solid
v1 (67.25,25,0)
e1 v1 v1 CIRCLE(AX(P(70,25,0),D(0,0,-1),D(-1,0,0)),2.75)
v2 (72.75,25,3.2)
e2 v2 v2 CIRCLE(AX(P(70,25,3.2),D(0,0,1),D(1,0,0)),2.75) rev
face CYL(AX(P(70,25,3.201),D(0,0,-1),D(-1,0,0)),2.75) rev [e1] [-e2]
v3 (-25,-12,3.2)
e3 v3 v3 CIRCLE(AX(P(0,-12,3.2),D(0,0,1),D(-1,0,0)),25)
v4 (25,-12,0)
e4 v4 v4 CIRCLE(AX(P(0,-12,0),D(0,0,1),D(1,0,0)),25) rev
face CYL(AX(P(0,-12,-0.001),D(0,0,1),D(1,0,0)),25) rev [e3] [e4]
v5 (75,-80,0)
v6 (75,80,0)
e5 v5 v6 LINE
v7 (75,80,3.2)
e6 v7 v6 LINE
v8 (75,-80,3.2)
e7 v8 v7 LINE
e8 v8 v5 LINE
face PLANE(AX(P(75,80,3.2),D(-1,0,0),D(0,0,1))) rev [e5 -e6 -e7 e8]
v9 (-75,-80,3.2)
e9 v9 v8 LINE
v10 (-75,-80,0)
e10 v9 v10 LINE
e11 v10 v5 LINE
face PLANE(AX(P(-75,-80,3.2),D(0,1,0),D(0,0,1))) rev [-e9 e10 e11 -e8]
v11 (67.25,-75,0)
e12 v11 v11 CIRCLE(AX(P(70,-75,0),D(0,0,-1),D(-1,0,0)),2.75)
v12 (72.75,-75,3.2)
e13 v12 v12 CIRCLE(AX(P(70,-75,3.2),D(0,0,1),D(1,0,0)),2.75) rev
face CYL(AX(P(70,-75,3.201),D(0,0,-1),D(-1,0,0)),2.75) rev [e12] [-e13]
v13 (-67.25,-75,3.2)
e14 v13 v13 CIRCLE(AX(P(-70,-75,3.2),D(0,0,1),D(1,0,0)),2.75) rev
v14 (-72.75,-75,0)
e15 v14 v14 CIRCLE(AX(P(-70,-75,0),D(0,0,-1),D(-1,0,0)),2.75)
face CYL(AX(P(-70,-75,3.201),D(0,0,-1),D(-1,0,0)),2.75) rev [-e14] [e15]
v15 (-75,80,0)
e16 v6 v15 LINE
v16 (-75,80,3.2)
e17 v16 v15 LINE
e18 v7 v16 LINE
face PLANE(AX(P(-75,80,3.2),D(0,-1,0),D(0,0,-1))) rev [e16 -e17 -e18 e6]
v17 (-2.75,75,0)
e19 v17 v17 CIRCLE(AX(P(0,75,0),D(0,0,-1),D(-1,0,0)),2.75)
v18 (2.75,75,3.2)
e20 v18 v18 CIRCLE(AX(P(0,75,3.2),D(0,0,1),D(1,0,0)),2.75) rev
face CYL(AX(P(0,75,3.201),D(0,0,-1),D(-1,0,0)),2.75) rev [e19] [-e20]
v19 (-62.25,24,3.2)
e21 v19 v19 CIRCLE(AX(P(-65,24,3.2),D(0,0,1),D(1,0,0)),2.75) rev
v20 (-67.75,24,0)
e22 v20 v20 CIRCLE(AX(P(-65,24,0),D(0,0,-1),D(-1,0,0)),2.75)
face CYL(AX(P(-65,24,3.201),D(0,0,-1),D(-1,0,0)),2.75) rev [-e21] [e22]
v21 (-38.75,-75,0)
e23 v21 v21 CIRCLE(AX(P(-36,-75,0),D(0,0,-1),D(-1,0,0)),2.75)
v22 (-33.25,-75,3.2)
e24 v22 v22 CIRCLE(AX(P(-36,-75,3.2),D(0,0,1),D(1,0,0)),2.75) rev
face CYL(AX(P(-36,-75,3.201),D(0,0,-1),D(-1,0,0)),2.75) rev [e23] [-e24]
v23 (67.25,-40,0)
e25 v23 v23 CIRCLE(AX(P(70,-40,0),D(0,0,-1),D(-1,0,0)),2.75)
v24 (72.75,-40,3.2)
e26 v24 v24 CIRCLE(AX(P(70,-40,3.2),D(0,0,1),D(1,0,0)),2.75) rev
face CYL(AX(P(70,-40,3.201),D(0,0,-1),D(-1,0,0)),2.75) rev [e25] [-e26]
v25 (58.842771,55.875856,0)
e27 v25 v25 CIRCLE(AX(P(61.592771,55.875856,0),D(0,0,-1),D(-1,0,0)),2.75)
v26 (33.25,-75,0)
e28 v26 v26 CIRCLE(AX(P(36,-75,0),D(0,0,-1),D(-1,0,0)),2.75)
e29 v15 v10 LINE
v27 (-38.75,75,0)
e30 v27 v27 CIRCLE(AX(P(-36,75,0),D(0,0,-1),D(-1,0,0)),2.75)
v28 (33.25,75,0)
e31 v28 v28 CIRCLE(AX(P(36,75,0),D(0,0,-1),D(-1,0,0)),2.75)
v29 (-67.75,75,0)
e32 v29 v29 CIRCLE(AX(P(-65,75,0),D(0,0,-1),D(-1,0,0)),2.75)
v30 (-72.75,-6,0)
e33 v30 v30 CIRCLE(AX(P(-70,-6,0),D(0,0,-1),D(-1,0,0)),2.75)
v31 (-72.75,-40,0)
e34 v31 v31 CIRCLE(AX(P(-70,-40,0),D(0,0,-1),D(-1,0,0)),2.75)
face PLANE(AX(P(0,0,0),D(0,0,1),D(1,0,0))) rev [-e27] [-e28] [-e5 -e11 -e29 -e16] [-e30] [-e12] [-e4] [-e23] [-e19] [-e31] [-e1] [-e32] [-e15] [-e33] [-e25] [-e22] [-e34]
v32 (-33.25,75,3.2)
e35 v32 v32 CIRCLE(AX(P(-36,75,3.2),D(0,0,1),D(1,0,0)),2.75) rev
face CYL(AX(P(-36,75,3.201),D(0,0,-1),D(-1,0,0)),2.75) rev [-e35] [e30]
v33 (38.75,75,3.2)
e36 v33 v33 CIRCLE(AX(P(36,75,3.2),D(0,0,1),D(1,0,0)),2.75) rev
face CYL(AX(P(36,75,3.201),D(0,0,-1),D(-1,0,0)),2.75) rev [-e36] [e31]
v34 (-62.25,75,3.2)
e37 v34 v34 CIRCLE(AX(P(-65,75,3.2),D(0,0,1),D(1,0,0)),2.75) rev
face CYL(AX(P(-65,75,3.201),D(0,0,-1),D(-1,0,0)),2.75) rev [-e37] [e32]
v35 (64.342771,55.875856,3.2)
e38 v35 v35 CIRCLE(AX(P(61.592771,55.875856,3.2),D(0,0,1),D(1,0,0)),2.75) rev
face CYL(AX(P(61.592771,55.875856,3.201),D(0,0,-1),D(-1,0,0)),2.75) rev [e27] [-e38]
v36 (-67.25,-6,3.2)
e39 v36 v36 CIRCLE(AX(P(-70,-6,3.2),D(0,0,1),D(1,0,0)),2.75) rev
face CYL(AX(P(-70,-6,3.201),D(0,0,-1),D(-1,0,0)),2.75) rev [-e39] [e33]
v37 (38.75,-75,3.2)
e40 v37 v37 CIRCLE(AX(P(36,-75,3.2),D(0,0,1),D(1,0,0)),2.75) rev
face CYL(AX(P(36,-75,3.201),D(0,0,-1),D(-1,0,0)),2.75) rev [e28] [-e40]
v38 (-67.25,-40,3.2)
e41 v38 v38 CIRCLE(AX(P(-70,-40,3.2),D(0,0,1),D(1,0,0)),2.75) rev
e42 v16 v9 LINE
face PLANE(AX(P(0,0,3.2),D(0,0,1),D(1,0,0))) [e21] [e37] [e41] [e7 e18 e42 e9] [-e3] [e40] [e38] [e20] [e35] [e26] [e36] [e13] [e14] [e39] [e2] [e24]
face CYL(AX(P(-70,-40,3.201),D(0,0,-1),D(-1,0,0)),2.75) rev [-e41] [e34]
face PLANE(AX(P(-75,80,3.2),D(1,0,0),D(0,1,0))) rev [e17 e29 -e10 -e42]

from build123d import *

# Parameters (mm, degrees)
SKETCH1_W           = 150
SKETCH1_H           = 160
BOSS_EXTRUDE1_DEPTH = 3.2
CUT_EXTRUDE1_REACH  = 5.2
SKETCH2_R           = 25
CUT_EXTRUDE2_REACH  = 5.2
SKETCH3_R           = 2.75


with BuildPart() as part:
    # Sketch1 → Boss-Extrude1 (new body)
    with BuildSketch(Plane.XY):
        Rectangle(SKETCH1_W, SKETCH1_H)
    extrude(amount=BOSS_EXTRUDE1_DEPTH)

    # Sketch2 → Cut-Extrude1 (cut, up to next)
    with BuildSketch(Plane.XY.offset(3.2), mode=Mode.PRIVATE) as cut_extrude1_sk1:
        with Locations((0, -12)):
            Circle(SKETCH2_R)
    cut_extrude1_tool1 = extrude(cut_extrude1_sk1.sketch, amount=-CUT_EXTRUDE1_REACH, mode=Mode.PRIVATE) & part.part
    add(cut_extrude1_tool1.solids().sort_by_distance((0, -12, 3.2))[0], mode=Mode.SUBTRACT)

    # Sketch3 → Cut-Extrude2 (cut, up to next)
    with BuildSketch(Plane(origin=(0, 0, 0), x_dir=(-1, 0, 0), z_dir=(0, 0, -1)), mode=Mode.PRIVATE) as cut_extrude2_sk1:
        with Locations((65, 24)):
            Circle(SKETCH3_R)
    cut_extrude2_tool1 = extrude(cut_extrude2_sk1.sketch, amount=-CUT_EXTRUDE2_REACH, mode=Mode.PRIVATE) & part.part
    add(cut_extrude2_tool1.solids().sort_by_distance((-65, 24, 0))[0], mode=Mode.SUBTRACT)
    # Sketch3 → Cut-Extrude2 (cut, up to next)
    with BuildSketch(Plane(origin=(0, 0, 0), x_dir=(-1, 0, 0), z_dir=(0, 0, -1)), mode=Mode.PRIVATE) as cut_extrude2_sk2:
        with Locations((-70, -75)):
            Circle(SKETCH3_R)
    cut_extrude2_tool2 = extrude(cut_extrude2_sk2.sketch, amount=-CUT_EXTRUDE2_REACH, mode=Mode.PRIVATE) & part.part
    add(cut_extrude2_tool2.solids().sort_by_distance((70, -75, 0))[0], mode=Mode.SUBTRACT)
    # Sketch3 → Cut-Extrude2 (cut, up to next)
    with BuildSketch(Plane(origin=(0, 0, 0), x_dir=(-1, 0, 0), z_dir=(0, 0, -1)), mode=Mode.PRIVATE) as cut_extrude2_sk3:
        with Locations((36, -75)):
            Circle(SKETCH3_R)
    cut_extrude2_tool3 = extrude(cut_extrude2_sk3.sketch, amount=-CUT_EXTRUDE2_REACH, mode=Mode.PRIVATE) & part.part
    add(cut_extrude2_tool3.solids().sort_by_distance((-36, -75, 0))[0], mode=Mode.SUBTRACT)
    # Sketch3 → Cut-Extrude2 (cut, up to next)
    with BuildSketch(Plane(origin=(0, 0, 0), x_dir=(-1, 0, 0), z_dir=(0, 0, -1)), mode=Mode.PRIVATE) as cut_extrude2_sk4:
        with Locations((-36, -75)):
            Circle(SKETCH3_R)
    cut_extrude2_tool4 = extrude(cut_extrude2_sk4.sketch, amount=-CUT_EXTRUDE2_REACH, mode=Mode.PRIVATE) & part.part
    add(cut_extrude2_tool4.solids().sort_by_distance((36, -75, 0))[0], mode=Mode.SUBTRACT)
    # Sketch3 → Cut-Extrude2 (cut, up to next)
    with BuildSketch(Plane(origin=(0, 0, 0), x_dir=(-1, 0, 0), z_dir=(0, 0, -1)), mode=Mode.PRIVATE) as cut_extrude2_sk5:
        with Locations((70, -75)):
            Circle(SKETCH3_R)
    cut_extrude2_tool5 = extrude(cut_extrude2_sk5.sketch, amount=-CUT_EXTRUDE2_REACH, mode=Mode.PRIVATE) & part.part
    add(cut_extrude2_tool5.solids().sort_by_distance((-70, -75, 0))[0], mode=Mode.SUBTRACT)
    # Sketch3 → Cut-Extrude2 (cut, up to next)
    with BuildSketch(Plane(origin=(0, 0, 0), x_dir=(-1, 0, 0), z_dir=(0, 0, -1)), mode=Mode.PRIVATE) as cut_extrude2_sk6:
        with Locations((-70, -40)):
            Circle(SKETCH3_R)
    cut_extrude2_tool6 = extrude(cut_extrude2_sk6.sketch, amount=-CUT_EXTRUDE2_REACH, mode=Mode.PRIVATE) & part.part
    add(cut_extrude2_tool6.solids().sort_by_distance((70, -40, 0))[0], mode=Mode.SUBTRACT)
    # Sketch3 → Cut-Extrude2 (cut, up to next)
    with BuildSketch(Plane(origin=(0, 0, 0), x_dir=(-1, 0, 0), z_dir=(0, 0, -1)), mode=Mode.PRIVATE) as cut_extrude2_sk7:
        with Locations((-70, 25)):
            Circle(SKETCH3_R)
    cut_extrude2_tool7 = extrude(cut_extrude2_sk7.sketch, amount=-CUT_EXTRUDE2_REACH, mode=Mode.PRIVATE) & part.part
    add(cut_extrude2_tool7.solids().sort_by_distance((70, 25, 0))[0], mode=Mode.SUBTRACT)
    # Sketch3 → Cut-Extrude2 (cut, up to next)
    with BuildSketch(Plane(origin=(0, 0, 0), x_dir=(-1, 0, 0), z_dir=(0, 0, -1)), mode=Mode.PRIVATE) as cut_extrude2_sk8:
        with Locations((-36, 75)):
            Circle(SKETCH3_R)
    cut_extrude2_tool8 = extrude(cut_extrude2_sk8.sketch, amount=-CUT_EXTRUDE2_REACH, mode=Mode.PRIVATE) & part.part
    add(cut_extrude2_tool8.solids().sort_by_distance((36, 75, 0))[0], mode=Mode.SUBTRACT)
    # Sketch3 → Cut-Extrude2 (cut, up to next)
    with BuildSketch(Plane(origin=(0, 0, 0), x_dir=(-1, 0, 0), z_dir=(0, 0, -1)), mode=Mode.PRIVATE) as cut_extrude2_sk9:
        with Locations((36, 75)):
            Circle(SKETCH3_R)
    cut_extrude2_tool9 = extrude(cut_extrude2_sk9.sketch, amount=-CUT_EXTRUDE2_REACH, mode=Mode.PRIVATE) & part.part
    add(cut_extrude2_tool9.solids().sort_by_distance((-36, 75, 0))[0], mode=Mode.SUBTRACT)
    # Sketch3 → Cut-Extrude2 (cut, up to next)
    with BuildSketch(Plane(origin=(0, 0, 0), x_dir=(-1, 0, 0), z_dir=(0, 0, -1)), mode=Mode.PRIVATE) as cut_extrude2_sk10:
        with Locations((65, 75)):
            Circle(SKETCH3_R)
    cut_extrude2_tool10 = extrude(cut_extrude2_sk10.sketch, amount=-CUT_EXTRUDE2_REACH, mode=Mode.PRIVATE) & part.part
    add(cut_extrude2_tool10.solids().sort_by_distance((-65, 75, 0))[0], mode=Mode.SUBTRACT)
    # Sketch3 → Cut-Extrude2 (cut, up to next)
    with BuildSketch(Plane(origin=(0, 0, 0), x_dir=(-1, 0, 0), z_dir=(0, 0, -1)), mode=Mode.PRIVATE) as cut_extrude2_sk11:
        with Locations((70, -40)):
            Circle(SKETCH3_R)
    cut_extrude2_tool11 = extrude(cut_extrude2_sk11.sketch, amount=-CUT_EXTRUDE2_REACH, mode=Mode.PRIVATE) & part.part
    add(cut_extrude2_tool11.solids().sort_by_distance((-70, -40, 0))[0], mode=Mode.SUBTRACT)
    # Sketch3 → Cut-Extrude2 (cut, up to next)
    with BuildSketch(Plane(origin=(0, 0, 0), x_dir=(-1, 0, 0), z_dir=(0, 0, -1)), mode=Mode.PRIVATE) as cut_extrude2_sk12:
        with Locations((70, -6)):
            Circle(SKETCH3_R)
    cut_extrude2_tool12 = extrude(cut_extrude2_sk12.sketch, amount=-CUT_EXTRUDE2_REACH, mode=Mode.PRIVATE) & part.part
    add(cut_extrude2_tool12.solids().sort_by_distance((-70, -6, 0))[0], mode=Mode.SUBTRACT)
    # Sketch3 → Cut-Extrude2 (cut, up to next)
    with BuildSketch(Plane(origin=(0, 0, 0), x_dir=(-1, 0, 0), z_dir=(0, 0, -1)), mode=Mode.PRIVATE) as cut_extrude2_sk13:
        with Locations((0, 75)):
            Circle(SKETCH3_R)
    cut_extrude2_tool13 = extrude(cut_extrude2_sk13.sketch, amount=-CUT_EXTRUDE2_REACH, mode=Mode.PRIVATE) & part.part
    add(cut_extrude2_tool13.solids().sort_by_distance((0, 75, 0))[0], mode=Mode.SUBTRACT)
    # Sketch3 → Cut-Extrude2 (cut, up to next)
    with BuildSketch(Plane(origin=(0, 0, 0), x_dir=(-1, 0, 0), z_dir=(0, 0, -1)), mode=Mode.PRIVATE) as cut_extrude2_sk14:
        with Locations((-61.592770869, 55.875856237)):
            Circle(SKETCH3_R)
    cut_extrude2_tool14 = extrude(cut_extrude2_sk14.sketch, amount=-CUT_EXTRUDE2_REACH, mode=Mode.PRIVATE) & part.part
    add(cut_extrude2_tool14.solids().sort_by_distance((61.592771, 55.875856, 0))[0], mode=Mode.SUBTRACT)


solid = part.part
